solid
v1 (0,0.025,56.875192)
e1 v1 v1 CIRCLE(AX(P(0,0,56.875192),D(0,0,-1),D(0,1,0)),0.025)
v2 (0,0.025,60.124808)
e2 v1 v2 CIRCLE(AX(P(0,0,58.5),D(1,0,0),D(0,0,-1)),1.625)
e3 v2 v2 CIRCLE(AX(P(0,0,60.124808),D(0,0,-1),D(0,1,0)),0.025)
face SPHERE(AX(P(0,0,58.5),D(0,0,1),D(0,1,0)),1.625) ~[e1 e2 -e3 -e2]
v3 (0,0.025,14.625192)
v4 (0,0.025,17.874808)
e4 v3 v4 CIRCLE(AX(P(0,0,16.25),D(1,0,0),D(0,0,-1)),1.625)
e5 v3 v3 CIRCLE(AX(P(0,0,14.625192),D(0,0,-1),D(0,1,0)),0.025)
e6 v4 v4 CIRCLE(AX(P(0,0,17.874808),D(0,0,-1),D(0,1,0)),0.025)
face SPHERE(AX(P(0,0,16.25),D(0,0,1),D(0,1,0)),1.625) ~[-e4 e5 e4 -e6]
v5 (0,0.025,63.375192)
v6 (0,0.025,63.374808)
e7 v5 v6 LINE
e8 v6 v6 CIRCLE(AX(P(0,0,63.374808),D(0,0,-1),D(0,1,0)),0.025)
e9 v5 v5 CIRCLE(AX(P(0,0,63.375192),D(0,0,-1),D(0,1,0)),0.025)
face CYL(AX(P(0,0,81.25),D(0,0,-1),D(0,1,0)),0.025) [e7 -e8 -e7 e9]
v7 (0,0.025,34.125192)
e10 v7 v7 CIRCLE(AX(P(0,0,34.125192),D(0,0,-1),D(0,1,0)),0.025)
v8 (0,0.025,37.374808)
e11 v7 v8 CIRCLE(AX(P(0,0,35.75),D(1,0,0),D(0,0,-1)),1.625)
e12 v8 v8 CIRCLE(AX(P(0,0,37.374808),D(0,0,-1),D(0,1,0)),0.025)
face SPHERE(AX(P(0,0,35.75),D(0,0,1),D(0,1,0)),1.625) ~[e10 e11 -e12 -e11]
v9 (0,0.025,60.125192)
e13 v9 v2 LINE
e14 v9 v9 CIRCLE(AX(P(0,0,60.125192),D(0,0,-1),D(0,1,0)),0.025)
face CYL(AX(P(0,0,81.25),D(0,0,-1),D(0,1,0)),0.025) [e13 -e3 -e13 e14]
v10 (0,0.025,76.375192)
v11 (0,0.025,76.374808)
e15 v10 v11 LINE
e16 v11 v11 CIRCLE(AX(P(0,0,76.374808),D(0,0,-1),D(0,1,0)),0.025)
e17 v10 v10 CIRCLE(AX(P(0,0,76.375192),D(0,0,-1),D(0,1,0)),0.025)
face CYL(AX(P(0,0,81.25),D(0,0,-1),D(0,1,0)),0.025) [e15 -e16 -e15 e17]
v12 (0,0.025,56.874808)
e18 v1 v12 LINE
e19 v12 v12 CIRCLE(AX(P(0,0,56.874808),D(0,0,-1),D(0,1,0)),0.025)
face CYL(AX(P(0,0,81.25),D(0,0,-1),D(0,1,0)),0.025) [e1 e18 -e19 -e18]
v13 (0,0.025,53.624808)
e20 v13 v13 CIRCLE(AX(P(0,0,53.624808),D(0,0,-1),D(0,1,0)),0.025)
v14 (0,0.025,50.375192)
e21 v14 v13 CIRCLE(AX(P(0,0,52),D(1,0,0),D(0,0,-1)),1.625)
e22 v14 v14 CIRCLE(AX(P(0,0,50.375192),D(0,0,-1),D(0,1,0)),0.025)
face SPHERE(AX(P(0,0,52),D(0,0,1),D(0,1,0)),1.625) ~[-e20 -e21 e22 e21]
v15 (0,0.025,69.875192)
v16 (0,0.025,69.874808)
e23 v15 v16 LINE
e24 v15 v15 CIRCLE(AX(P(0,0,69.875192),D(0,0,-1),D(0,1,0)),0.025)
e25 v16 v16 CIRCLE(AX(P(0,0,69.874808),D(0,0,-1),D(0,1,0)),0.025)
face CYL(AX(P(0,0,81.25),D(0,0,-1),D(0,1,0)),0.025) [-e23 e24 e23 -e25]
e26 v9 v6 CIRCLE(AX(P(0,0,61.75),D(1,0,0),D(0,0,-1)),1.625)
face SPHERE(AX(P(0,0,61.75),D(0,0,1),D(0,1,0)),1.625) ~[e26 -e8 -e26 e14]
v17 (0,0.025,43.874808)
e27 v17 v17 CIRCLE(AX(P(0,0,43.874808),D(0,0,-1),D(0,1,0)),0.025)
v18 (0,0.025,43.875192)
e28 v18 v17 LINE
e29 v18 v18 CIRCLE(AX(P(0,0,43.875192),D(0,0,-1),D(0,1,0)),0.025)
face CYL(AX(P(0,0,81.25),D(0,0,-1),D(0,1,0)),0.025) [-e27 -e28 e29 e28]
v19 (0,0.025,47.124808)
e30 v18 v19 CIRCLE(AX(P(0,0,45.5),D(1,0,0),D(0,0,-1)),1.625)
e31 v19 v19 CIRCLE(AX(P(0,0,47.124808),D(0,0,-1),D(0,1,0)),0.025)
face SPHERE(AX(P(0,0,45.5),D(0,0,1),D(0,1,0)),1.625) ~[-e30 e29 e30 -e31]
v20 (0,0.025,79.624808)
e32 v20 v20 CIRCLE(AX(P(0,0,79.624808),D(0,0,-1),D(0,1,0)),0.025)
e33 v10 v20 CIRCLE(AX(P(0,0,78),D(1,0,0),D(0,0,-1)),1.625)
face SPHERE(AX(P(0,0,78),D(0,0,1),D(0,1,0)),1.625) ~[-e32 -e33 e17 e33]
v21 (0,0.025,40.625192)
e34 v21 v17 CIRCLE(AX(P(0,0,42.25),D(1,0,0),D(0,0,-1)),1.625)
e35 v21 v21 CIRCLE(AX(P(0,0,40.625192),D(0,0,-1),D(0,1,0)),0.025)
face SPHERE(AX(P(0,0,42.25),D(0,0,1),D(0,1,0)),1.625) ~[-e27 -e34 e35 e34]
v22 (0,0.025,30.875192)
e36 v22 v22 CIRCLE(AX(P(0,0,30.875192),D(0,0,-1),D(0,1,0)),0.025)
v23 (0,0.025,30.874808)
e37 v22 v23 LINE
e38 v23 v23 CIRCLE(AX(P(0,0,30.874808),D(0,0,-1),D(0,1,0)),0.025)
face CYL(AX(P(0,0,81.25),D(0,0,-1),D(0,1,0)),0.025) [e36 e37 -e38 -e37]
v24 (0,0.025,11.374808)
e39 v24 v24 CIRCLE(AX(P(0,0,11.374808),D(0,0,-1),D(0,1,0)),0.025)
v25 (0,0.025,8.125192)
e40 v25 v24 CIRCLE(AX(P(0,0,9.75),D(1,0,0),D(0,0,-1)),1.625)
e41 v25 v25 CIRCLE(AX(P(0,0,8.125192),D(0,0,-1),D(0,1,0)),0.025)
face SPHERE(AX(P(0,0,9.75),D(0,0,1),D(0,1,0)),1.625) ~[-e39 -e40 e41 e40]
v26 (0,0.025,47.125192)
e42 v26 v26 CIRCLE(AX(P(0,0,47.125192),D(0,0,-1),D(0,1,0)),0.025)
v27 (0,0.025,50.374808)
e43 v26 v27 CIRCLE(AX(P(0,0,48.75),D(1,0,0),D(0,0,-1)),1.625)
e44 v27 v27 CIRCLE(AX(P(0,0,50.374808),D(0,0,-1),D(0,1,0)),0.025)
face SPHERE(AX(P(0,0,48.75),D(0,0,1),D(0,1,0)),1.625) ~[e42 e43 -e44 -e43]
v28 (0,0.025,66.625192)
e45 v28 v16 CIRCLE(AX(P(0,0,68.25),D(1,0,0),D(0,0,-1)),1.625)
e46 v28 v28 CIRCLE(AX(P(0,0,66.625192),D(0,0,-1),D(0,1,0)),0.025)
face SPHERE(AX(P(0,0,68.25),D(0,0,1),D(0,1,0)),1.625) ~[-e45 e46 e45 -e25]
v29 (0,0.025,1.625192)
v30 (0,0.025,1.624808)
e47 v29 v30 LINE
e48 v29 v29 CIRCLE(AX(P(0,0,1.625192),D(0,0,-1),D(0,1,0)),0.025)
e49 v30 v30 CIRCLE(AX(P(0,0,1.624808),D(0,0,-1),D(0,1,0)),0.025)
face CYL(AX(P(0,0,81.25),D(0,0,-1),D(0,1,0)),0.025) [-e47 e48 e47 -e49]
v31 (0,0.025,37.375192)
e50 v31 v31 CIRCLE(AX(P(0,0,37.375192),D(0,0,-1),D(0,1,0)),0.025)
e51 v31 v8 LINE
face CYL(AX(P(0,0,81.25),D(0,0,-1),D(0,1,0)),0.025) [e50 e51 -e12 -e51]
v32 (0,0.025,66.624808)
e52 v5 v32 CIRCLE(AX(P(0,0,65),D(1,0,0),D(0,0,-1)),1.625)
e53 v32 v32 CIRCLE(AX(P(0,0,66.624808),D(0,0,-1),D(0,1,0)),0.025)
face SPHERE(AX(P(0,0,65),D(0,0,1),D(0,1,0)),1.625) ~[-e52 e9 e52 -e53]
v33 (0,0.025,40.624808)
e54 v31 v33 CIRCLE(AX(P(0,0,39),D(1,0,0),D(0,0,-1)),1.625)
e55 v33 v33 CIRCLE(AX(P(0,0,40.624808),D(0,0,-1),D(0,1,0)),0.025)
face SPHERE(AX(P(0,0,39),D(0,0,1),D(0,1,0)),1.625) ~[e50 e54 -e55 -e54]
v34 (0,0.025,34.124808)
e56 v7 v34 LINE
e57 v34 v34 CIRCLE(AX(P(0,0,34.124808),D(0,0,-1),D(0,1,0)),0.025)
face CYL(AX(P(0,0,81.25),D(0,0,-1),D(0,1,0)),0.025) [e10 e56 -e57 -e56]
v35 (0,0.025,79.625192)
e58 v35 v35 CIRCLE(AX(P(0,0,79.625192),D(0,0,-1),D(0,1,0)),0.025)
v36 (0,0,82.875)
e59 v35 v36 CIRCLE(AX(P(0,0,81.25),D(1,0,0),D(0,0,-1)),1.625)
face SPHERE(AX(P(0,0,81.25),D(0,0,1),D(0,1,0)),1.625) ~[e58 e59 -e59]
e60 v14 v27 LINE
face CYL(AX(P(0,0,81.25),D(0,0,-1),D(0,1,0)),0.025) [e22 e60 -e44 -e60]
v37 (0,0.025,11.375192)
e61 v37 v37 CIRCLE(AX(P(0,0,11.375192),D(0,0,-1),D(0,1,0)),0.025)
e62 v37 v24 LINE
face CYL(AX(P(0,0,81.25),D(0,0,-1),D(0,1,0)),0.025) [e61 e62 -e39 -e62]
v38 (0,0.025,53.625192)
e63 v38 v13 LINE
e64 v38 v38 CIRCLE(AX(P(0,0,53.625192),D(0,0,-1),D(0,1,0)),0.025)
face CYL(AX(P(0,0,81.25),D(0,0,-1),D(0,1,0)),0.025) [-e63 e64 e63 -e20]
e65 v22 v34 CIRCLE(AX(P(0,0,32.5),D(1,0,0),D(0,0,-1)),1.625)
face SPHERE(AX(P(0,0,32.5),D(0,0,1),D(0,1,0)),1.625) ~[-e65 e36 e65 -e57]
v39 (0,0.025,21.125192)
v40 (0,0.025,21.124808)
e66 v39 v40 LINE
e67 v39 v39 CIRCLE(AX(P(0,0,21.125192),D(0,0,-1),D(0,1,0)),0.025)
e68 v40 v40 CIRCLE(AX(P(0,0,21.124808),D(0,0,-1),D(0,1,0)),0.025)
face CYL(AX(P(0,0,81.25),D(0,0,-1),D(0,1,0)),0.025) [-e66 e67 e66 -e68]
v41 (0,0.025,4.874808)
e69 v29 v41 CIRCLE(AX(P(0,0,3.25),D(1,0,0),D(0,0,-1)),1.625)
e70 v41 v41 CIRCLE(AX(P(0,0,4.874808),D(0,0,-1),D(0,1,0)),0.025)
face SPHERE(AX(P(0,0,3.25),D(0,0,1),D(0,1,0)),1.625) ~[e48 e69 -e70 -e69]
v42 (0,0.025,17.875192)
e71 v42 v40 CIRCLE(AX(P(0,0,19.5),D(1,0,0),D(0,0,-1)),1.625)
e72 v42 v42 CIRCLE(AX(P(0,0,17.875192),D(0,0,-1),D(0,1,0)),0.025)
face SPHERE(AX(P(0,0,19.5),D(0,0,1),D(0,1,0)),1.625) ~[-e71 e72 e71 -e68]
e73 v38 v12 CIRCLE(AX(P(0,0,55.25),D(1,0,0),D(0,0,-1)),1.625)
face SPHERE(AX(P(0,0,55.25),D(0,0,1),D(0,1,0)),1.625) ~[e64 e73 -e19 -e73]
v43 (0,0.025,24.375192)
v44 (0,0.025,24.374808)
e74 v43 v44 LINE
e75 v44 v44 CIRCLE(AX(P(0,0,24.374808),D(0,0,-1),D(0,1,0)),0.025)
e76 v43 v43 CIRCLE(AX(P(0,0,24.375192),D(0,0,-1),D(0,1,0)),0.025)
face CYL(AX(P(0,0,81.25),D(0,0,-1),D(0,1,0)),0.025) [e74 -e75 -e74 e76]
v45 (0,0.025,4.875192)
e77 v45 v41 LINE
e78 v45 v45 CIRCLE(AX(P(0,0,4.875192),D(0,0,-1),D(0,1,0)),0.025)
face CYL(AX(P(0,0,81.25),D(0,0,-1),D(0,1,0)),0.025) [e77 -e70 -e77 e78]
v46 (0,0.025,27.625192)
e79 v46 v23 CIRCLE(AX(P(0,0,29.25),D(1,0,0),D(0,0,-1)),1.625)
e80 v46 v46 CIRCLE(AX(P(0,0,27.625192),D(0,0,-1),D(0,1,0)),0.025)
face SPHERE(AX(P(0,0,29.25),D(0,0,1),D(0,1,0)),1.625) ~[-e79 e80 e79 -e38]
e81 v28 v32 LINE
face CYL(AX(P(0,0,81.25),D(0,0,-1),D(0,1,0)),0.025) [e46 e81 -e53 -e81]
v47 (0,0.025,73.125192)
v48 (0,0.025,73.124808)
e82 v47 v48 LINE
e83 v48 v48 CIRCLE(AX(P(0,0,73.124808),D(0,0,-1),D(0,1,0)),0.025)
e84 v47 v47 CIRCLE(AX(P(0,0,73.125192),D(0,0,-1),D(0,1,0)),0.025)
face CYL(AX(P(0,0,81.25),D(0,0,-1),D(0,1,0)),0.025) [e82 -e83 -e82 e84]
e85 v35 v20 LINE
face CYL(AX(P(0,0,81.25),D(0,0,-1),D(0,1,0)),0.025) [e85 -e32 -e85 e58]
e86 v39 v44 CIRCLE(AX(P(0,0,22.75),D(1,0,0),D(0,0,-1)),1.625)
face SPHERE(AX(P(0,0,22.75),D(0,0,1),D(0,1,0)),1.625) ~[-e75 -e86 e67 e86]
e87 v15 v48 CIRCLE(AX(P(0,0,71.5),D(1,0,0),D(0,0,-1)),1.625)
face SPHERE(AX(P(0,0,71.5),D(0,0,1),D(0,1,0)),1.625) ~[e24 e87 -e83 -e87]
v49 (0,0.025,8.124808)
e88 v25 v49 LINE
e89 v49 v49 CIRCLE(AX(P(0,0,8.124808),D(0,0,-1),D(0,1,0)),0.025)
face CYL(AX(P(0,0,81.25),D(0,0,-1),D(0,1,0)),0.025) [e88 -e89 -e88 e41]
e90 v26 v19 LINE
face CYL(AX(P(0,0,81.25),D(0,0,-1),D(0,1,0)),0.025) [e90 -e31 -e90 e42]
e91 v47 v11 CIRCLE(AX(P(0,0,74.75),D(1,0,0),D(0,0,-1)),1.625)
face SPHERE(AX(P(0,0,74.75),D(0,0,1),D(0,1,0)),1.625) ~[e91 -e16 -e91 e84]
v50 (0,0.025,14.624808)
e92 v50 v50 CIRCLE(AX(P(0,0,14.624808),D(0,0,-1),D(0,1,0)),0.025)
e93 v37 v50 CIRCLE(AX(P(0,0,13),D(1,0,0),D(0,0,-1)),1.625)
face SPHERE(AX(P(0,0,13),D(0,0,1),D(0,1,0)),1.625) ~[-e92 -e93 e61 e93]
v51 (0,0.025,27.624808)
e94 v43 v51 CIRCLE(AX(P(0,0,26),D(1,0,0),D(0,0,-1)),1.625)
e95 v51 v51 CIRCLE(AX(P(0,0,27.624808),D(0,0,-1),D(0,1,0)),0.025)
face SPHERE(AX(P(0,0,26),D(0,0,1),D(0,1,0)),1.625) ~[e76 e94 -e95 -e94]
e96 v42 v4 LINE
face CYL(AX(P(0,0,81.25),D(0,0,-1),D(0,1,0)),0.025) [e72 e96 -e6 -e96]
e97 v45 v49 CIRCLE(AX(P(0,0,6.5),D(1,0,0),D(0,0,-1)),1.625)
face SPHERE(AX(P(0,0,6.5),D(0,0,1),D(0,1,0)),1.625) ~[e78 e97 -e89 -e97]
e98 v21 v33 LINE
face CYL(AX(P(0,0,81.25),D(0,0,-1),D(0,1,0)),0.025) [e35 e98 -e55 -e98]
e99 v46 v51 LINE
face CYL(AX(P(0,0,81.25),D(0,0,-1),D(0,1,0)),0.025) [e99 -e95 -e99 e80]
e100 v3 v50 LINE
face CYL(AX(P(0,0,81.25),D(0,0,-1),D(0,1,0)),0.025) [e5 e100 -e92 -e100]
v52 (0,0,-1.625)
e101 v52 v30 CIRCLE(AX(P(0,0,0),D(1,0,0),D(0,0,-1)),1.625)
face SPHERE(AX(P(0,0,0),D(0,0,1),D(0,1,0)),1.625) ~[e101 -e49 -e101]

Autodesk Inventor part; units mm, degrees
sketch "Sketch_1" plane through (0, 0, 0) normal (1, 0, 0) x (0, 1, 0)
  line L0 (0, 0) -> (0, 81.25)
  line L1 (0, 81.25) -> (0.025, 81.25)
  line L2 (0.025, 81.25) -> (0.025, 0)
  line L3 (0.025, 0) -> (0, 0)
  line L4 (0, 0) -> (0, 81.25)
revolve "Revolution1" add sketch "Sketch_1" angle 360 about axis through (0, 0, 0) along (0, 0, -1)
sketch "Sketch_2" plane through (0, 0, 0) normal (1, 0, 0) x (0, 1, 0)
  line L0 (0, -50) -> (0, 50)
  arc A0 (0, -1.625) -> (0, 1.625) centre (0, 0) ccw
  line L1 (0, -1.625) -> (0, 1.625)
revolve "Revolution2" add sketch "Sketch_2" angle 360 about axis through (0, 0, -50) along (0, 0, -1)
pattern_linear "Rectangular Pattern1" count 26 spacing 3.25 along (0, 0, 1) of "Revolution2"
ref_plane "to_body_XY" through (0, 0, 0) normal (0, 0, -1) x (1, 0, 0)
ref_plane "to_body_YZ" through (0, 0, 0) normal (1, 0, 0) x (0, -1, 0)
ref_plane "to_body_ZX" through (0, 0, 0) normal (0, -1, 0) x (0, 0, -1)
properties part number "SAR330_ba" material "Aluminum 6061"
